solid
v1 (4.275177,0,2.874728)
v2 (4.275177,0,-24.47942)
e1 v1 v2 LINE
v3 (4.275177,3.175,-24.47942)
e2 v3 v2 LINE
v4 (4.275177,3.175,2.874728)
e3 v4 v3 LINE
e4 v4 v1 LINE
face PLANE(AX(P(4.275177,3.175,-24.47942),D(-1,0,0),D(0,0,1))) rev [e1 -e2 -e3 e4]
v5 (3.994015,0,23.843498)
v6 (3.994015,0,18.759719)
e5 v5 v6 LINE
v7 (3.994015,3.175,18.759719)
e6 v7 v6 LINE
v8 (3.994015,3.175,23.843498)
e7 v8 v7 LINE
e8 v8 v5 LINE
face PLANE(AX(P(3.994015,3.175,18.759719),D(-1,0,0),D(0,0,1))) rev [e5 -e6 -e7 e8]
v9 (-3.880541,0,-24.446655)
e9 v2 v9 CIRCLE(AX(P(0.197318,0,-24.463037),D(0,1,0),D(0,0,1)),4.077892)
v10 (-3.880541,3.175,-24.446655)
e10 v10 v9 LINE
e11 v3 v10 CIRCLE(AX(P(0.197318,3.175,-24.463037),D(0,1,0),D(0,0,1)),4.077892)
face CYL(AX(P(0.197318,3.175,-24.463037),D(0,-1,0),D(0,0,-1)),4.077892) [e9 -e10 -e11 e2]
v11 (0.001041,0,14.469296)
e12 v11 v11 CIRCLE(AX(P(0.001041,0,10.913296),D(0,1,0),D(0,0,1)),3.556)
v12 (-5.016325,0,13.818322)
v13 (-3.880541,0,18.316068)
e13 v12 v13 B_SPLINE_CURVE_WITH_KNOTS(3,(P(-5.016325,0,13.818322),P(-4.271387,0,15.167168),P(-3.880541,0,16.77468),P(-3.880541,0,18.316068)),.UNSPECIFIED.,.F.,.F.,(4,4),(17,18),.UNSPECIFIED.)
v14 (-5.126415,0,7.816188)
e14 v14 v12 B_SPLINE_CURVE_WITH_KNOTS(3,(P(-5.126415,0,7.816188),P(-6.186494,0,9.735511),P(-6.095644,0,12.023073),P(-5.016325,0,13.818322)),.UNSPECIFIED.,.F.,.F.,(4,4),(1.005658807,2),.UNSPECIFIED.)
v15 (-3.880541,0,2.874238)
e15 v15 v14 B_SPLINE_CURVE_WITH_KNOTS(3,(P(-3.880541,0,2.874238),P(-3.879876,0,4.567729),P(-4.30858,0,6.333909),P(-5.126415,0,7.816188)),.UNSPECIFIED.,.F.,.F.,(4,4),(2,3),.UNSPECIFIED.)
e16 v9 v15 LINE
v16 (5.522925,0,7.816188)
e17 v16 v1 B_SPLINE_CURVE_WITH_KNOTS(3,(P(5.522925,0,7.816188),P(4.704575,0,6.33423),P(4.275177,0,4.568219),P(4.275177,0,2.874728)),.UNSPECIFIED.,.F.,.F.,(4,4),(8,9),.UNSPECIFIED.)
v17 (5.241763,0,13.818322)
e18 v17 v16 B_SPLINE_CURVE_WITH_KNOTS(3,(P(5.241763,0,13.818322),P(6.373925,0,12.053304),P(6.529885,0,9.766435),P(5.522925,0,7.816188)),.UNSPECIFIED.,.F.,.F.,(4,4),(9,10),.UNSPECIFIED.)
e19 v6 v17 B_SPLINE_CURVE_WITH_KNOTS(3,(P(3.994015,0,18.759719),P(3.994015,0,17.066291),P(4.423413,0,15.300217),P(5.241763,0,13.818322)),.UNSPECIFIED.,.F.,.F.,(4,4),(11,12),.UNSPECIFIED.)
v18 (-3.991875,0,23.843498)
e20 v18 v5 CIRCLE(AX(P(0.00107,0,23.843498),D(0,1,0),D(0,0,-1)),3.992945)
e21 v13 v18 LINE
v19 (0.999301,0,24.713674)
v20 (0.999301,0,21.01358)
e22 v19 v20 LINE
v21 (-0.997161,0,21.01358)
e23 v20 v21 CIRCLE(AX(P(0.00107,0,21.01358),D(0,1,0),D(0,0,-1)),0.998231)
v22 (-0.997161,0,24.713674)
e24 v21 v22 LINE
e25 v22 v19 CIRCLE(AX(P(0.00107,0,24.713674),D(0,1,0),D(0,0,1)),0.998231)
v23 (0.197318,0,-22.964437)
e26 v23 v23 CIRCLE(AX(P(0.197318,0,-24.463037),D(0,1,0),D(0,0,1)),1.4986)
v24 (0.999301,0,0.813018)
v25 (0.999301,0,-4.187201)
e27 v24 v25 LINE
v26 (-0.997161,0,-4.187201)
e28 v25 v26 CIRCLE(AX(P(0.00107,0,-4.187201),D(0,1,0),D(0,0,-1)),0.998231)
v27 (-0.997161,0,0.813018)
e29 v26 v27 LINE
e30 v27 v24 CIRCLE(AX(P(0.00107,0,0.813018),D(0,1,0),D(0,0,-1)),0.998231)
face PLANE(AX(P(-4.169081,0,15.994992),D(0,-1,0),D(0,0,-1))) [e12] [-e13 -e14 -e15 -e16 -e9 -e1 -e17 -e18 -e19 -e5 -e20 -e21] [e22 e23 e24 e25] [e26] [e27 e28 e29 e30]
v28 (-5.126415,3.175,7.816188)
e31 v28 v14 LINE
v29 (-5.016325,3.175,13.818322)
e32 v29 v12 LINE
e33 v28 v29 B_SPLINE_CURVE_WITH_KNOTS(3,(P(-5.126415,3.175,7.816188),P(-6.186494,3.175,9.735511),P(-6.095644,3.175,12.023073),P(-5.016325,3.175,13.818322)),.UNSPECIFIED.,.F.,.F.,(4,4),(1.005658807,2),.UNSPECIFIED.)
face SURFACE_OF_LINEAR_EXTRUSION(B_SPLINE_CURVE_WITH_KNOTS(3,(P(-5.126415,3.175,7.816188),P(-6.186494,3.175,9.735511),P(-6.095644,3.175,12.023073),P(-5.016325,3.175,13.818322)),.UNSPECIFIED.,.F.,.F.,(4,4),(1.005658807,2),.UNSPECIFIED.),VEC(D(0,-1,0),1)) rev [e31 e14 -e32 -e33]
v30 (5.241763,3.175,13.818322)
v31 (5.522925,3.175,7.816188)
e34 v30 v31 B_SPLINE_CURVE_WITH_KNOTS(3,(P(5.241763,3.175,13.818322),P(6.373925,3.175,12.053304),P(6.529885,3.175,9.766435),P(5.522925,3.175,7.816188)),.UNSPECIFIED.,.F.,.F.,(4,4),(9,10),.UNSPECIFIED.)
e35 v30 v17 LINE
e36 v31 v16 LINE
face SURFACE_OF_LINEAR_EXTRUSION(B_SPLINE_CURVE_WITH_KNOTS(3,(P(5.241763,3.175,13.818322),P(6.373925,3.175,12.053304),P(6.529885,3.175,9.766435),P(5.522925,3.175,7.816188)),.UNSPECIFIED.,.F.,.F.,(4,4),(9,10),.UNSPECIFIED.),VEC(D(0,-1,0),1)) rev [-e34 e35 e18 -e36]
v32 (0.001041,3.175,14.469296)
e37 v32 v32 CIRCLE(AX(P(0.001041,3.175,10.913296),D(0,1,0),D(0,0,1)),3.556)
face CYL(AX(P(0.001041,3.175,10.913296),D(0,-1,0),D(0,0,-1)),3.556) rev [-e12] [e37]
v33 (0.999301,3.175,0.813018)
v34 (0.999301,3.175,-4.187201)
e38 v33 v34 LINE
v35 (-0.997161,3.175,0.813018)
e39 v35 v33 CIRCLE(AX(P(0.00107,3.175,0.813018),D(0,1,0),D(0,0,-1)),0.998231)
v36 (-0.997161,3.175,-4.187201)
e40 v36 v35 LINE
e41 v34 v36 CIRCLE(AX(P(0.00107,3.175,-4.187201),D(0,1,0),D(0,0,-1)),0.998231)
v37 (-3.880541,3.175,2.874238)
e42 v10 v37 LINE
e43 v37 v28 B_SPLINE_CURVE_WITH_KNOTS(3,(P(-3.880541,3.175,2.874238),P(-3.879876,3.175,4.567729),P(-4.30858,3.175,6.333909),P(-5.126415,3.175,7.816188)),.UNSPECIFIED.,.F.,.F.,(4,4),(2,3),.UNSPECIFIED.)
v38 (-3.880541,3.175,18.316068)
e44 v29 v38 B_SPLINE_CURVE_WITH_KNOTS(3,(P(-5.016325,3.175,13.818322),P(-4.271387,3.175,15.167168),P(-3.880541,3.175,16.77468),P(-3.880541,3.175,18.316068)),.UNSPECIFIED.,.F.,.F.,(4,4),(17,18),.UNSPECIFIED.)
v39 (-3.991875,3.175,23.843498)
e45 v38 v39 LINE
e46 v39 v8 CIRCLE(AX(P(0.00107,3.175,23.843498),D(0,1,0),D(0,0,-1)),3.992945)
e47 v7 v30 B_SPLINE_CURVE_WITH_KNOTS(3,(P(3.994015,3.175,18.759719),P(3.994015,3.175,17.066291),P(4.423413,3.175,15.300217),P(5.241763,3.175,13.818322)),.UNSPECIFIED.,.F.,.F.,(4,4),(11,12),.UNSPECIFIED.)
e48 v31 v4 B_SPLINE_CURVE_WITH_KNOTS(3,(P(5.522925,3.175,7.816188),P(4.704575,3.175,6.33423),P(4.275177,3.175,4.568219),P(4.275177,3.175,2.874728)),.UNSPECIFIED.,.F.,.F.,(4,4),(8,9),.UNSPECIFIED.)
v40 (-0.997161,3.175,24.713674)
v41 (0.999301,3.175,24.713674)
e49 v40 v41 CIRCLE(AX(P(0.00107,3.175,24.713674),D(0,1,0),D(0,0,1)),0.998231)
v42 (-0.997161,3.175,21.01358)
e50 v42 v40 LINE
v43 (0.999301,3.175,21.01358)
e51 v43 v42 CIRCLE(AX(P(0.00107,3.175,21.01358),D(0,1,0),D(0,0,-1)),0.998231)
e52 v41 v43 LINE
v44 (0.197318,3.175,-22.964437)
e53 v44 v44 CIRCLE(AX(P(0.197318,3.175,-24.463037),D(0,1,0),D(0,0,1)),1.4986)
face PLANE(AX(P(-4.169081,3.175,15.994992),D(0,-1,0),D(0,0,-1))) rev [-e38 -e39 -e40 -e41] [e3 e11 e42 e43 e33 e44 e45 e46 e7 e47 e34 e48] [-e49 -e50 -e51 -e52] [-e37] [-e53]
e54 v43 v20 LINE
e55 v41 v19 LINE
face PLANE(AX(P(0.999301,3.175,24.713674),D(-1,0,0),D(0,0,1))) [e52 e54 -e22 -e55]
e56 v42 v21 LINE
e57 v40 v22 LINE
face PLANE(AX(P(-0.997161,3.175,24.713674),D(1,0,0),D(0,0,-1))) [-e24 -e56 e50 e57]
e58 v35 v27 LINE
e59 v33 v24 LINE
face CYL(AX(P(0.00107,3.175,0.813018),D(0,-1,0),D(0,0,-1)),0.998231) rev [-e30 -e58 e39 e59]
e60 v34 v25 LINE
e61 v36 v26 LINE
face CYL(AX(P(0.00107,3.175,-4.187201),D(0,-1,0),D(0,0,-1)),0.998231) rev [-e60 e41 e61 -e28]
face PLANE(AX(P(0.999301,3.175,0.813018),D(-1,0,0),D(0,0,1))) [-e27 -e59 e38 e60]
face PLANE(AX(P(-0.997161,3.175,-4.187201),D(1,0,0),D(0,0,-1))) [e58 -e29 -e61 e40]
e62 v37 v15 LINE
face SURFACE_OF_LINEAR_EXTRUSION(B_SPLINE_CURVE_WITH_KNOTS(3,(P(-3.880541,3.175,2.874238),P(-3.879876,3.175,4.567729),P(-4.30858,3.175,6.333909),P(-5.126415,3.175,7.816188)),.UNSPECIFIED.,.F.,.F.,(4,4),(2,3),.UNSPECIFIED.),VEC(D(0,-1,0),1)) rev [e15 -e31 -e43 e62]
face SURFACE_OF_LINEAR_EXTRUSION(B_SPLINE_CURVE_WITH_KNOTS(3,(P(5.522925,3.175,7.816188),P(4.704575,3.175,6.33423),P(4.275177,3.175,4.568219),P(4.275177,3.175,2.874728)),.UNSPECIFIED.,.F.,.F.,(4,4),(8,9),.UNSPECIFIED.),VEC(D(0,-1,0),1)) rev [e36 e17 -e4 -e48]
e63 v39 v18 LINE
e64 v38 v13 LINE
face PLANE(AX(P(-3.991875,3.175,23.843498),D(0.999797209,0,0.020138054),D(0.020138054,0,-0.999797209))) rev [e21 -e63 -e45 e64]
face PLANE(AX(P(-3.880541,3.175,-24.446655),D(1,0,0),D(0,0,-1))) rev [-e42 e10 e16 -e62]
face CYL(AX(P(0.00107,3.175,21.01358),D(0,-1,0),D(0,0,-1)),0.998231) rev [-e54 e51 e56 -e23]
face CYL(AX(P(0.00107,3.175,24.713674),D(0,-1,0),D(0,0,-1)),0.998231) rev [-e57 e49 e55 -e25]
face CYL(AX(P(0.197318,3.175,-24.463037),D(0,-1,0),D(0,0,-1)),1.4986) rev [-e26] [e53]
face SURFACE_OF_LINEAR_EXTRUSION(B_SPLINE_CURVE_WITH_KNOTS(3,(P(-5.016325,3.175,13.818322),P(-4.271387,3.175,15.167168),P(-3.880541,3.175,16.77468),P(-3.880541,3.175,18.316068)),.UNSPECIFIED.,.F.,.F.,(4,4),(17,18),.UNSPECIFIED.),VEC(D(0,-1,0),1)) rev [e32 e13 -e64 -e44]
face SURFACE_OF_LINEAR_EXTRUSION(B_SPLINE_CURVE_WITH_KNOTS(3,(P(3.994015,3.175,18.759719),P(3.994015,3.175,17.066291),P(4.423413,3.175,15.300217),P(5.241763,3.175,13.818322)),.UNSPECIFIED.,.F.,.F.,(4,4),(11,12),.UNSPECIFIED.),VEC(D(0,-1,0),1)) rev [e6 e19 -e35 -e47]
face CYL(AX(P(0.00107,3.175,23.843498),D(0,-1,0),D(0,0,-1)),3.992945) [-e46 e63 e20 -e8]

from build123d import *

# Parameters (mm, degrees)
SKETCH1_R           = 1.4986
SKETCH1_R_2         = 3.556
BOSS_EXTRUDE2_DEPTH = 3.175


with BuildPart() as part:
    # Sketch1 → Boss-Extrude2 (new body)
    with BuildSketch(Plane(origin=(0, 0, 0), x_dir=(1, 0, 0), z_dir=(0, 1, 0))):
        with BuildLine():
            Line((-3.88054086, 24.446655173), (-3.88054086, -2.874238183))
            add(Edge.make_bspline(
                [(-5.126415425, -7.816187942), (-4.308579975, -6.333908563), (-3.879875529, -4.567729194), (-3.88054086, -2.874238183)],
                knots=[2, 2, 2, 2, 3, 3, 3, 3], degree=3))
            add(Edge.make_bspline(
                [(-5.016324889, -13.818322138), (-6.095643591, -12.023073271), (-6.186493664, -9.73551085), (-5.126415425, -7.816187942)],
                knots=[1.005658807, 1.005658807, 1.005658807, 1.005658807, 2, 2, 2, 2], degree=3))
            add(Edge.make_bspline(
                [(-3.88054086, -18.316067774), (-3.88054086, -16.774680236), (-4.271386719, -15.167168465), (-5.016324889, -13.818322138)],
                knots=[17, 17, 17, 17, 18, 18, 18, 18], degree=3))
            Line((-3.88054086, -18.316067774), (-3.991875118, -23.843497505))
            ThreePointArc((-3.991875118, -23.843497505), (0.001069913, -27.836442536), (3.994014944, -23.843497505))
            Line((3.994014944, -23.843497505), (3.994014944, -18.759718562))
            add(Edge.make_bspline(
                [(5.241762742, -13.818322138), (4.423413244, -15.300216615), (3.994014944, -17.066290901), (3.994014944, -18.759718562)],
                knots=[11, 11, 11, 11, 12, 12, 12, 12], degree=3))
            add(Edge.make_bspline(
                [(5.522924723, -7.816187942), (6.529884526, -9.766435102), (6.373924923, -12.053304327), (5.241762742, -13.818322138)],
                knots=[9, 9, 9, 9, 10, 10, 10, 10], degree=3))
            add(Edge.make_bspline(
                [(4.275176926, -2.874728037), (4.275176926, -4.568219179), (4.704575226, -6.334229984), (5.522924723, -7.816187942)],
                knots=[8, 8, 8, 8, 9, 9, 9, 9], degree=3))
            Line((4.275176926, -2.874728037), (4.275176926, 24.479419578))
            ThreePointArc((4.275176926, 24.479419578), (0.180935831, 28.540896268), (-3.88054086, 24.446655173))
        make_face()
        with Locations(Location((0.197318033, 24.463037376, 0), (0, 0, 270))):
            Circle(SKETCH1_R, mode=Mode.SUBTRACT)
        with Locations(Location((0.001040667, -10.913296245, 0), (0, 0, 270))):
            Circle(SKETCH1_R_2, mode=Mode.SUBTRACT)
        with BuildLine():
            Line((0.999301297, -0.813017652), (0.999301297, 4.187201199))
            ThreePointArc((0.999301297, 4.187201199), (0.001069914, 5.185432583), (-0.99716147, 4.187201199))
            Line((-0.99716147, 4.187201199), (-0.99716147, -0.813017652))
            ThreePointArc((-0.99716147, -0.813017652), (0.001069914, -1.811249036), (0.999301297, -0.813017652))
        make_face(mode=Mode.SUBTRACT)
        with BuildLine():
            Line((0.999301296, -24.713674478), (0.999301296, -21.01357972))
            ThreePointArc((0.999301296, -21.01357972), (0.001069913, -20.015348337), (-0.997161471, -21.01357972))
            Line((-0.997161471, -21.01357972), (-0.997161471, -24.713674478))
            ThreePointArc((-0.997161471, -24.713674478), (0.001069913, -25.711905862), (0.999301296, -24.713674478))
        make_face(mode=Mode.SUBTRACT)
    extrude(amount=BOSS_EXTRUDE2_DEPTH)


solid = part.part
